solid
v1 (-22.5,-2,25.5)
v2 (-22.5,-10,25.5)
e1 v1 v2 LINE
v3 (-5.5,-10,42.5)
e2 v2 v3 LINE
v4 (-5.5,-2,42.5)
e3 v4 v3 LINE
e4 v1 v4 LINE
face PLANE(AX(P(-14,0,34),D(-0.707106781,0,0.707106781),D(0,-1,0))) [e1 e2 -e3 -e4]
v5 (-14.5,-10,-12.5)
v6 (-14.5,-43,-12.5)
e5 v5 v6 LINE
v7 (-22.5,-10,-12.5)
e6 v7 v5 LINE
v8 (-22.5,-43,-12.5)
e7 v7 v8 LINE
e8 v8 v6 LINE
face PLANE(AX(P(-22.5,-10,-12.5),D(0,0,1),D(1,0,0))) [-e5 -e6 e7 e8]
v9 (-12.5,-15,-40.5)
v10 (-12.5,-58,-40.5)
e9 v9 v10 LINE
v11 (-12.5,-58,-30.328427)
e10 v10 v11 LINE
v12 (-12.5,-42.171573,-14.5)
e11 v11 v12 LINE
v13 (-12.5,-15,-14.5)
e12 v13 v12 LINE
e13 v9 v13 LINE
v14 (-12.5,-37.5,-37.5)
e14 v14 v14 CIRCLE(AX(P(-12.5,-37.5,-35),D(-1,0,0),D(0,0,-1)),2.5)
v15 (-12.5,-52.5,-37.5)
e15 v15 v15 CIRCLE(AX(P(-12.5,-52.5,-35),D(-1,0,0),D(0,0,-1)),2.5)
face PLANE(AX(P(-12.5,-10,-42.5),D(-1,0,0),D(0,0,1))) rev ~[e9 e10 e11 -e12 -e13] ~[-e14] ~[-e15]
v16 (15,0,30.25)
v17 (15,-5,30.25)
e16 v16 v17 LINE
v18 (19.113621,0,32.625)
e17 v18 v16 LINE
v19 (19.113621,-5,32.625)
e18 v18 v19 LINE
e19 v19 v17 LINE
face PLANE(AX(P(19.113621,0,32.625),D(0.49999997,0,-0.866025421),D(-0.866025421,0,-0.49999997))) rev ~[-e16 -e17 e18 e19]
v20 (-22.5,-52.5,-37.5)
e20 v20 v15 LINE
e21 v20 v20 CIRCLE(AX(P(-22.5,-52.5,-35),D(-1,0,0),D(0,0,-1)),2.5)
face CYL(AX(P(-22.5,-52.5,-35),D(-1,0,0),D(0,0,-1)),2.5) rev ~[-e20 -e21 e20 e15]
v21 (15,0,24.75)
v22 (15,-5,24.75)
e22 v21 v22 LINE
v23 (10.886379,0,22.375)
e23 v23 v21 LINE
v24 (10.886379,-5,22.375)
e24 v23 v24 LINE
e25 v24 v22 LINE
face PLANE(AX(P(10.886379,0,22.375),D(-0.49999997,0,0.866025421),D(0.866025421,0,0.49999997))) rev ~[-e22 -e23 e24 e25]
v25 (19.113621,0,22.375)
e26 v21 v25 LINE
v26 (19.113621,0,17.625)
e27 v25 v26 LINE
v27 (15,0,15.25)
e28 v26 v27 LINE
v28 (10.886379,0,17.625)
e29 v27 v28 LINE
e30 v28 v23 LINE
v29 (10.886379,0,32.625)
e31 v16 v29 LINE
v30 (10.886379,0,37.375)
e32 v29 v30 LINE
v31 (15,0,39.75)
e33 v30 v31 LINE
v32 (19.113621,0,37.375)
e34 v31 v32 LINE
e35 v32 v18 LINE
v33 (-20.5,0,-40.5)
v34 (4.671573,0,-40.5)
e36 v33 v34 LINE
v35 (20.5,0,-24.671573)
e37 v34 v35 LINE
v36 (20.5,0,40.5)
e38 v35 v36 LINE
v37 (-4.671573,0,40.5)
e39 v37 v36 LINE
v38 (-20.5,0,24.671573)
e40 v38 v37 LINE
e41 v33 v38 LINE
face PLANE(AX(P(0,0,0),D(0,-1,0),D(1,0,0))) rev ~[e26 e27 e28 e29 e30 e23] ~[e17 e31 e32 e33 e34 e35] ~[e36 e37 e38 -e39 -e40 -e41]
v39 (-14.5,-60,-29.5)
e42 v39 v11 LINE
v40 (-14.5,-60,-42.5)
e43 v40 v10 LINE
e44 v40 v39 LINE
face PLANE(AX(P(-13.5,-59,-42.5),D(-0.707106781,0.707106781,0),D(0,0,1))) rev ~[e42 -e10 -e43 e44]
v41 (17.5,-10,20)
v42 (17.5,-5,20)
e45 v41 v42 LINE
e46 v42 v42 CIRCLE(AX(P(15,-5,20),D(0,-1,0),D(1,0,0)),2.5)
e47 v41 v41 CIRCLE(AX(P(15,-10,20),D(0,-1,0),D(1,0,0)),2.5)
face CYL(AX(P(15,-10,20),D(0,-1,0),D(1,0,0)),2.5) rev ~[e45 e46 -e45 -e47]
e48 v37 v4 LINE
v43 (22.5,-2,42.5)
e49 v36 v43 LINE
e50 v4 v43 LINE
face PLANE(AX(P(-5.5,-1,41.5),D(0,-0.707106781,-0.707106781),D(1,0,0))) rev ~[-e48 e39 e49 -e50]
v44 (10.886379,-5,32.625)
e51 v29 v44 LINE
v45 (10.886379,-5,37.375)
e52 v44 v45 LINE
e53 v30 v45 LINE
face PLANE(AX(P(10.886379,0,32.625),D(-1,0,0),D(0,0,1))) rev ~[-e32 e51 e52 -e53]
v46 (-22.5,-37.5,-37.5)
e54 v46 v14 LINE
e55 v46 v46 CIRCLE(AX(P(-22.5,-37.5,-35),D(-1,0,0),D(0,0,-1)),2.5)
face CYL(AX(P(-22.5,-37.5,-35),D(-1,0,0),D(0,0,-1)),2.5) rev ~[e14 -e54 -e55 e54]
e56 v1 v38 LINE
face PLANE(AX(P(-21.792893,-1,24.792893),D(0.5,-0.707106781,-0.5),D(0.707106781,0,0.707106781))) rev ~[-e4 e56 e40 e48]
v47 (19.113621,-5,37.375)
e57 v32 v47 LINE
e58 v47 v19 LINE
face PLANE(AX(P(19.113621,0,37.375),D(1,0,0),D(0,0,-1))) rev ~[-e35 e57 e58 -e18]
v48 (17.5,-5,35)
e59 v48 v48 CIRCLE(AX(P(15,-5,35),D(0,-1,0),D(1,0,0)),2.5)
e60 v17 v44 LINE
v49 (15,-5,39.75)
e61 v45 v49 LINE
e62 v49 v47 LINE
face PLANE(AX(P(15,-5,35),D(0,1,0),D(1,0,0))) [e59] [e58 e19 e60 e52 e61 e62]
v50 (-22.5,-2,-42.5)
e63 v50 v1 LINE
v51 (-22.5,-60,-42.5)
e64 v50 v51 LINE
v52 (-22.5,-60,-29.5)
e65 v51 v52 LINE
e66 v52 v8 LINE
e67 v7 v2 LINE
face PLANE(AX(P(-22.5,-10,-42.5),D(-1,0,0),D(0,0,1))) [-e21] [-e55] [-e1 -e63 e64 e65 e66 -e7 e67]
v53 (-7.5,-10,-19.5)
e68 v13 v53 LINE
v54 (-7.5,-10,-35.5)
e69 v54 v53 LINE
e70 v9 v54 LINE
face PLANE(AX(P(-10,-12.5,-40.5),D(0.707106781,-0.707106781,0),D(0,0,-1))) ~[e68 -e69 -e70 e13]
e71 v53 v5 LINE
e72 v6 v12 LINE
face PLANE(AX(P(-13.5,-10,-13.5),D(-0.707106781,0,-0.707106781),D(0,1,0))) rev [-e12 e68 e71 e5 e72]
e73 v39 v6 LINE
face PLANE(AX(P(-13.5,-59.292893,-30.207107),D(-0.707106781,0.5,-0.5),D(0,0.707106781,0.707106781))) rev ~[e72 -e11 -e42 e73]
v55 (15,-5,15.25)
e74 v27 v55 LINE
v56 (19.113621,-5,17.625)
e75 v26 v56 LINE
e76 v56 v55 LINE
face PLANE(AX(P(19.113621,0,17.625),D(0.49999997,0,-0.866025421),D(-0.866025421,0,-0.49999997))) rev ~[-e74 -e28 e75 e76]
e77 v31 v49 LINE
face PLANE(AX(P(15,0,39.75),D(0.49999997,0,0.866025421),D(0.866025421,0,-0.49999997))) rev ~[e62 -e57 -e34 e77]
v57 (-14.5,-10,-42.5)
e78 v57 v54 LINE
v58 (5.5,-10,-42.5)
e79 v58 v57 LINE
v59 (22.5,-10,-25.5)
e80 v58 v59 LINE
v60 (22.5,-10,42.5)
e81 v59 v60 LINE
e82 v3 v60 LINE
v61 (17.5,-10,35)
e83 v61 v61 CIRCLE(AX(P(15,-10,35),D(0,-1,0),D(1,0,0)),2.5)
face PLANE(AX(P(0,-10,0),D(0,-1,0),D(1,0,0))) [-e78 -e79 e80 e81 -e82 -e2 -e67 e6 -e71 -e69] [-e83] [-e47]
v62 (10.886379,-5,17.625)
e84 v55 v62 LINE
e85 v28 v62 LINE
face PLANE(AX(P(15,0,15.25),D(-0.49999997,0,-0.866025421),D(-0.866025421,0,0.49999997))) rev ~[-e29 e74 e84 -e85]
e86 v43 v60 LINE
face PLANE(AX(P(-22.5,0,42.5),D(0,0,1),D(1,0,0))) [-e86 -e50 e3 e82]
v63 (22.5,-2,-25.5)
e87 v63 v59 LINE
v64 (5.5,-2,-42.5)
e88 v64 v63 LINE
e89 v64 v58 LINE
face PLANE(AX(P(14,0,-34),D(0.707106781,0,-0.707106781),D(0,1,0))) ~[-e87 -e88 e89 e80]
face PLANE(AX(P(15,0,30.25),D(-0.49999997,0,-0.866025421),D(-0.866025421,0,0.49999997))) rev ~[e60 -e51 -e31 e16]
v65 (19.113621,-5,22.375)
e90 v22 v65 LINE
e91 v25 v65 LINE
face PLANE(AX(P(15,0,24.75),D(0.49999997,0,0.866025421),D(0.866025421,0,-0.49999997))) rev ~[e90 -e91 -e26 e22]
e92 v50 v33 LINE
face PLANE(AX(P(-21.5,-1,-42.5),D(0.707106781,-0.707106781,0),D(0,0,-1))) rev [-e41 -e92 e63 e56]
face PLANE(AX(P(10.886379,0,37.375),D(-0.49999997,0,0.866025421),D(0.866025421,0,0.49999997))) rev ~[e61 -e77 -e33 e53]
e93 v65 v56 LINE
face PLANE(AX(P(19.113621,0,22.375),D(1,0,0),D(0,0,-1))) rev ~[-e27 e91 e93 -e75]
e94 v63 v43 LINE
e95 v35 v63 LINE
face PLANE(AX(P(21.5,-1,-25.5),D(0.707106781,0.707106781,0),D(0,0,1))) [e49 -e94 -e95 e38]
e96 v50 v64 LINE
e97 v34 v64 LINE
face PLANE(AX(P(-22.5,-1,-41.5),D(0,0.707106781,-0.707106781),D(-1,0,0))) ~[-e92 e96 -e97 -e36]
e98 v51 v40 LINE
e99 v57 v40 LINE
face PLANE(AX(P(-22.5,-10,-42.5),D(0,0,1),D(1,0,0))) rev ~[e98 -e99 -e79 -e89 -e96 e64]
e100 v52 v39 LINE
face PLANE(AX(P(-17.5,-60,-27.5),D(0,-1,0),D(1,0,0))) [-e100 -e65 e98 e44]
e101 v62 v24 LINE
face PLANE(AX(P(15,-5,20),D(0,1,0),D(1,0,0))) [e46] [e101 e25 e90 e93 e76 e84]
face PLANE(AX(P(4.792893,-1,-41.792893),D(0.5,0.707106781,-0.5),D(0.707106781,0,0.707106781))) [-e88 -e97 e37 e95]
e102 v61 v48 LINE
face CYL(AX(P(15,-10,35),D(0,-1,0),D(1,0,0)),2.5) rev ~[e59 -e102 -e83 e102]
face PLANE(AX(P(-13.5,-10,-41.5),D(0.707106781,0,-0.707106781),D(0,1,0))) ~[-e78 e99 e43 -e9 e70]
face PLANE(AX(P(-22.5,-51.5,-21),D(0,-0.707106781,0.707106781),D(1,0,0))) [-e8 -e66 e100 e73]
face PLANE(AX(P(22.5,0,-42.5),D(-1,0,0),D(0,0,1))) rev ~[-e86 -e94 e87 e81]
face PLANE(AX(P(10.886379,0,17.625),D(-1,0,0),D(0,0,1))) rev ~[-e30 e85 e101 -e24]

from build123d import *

# Parameters (mm, degrees)
SKETCH_W        = 45
SKETCH_H        = 85
PAD_DEPTH       = 10
SKETCH001_W     = 10
SKETCH001_H     = 30
PAD001_DEPTH    = 50
SKETCH002_R     = 2.5
POCKET_DEPTH    = 10
SKETCH003_R     = 2.5
POCKET001_DEPTH = 11
POCKET002_DEPTH = 5
CHAMFER_SIZE    = 17
CHAMFER001_SIZE = 2
CHAMFER002_SIZE = 5


with BuildPart() as part:
    # Sketch → Pad (new body)
    with BuildSketch(Plane.XZ):
        Rectangle(SKETCH_W, SKETCH_H)
    extrude(amount=PAD_DEPTH)

    # Sketch001 (on Face6 of Pad) → Pad001 (join)
    with BuildSketch(Plane.XZ.offset(10)):
        with Locations((-17.5, -27.5)):
            Rectangle(SKETCH001_W, SKETCH001_H)
    extrude(amount=PAD001_DEPTH)

    # Sketch002 (on Face7 of Pad001) → Pocket (cut)
    with BuildSketch(Plane(origin=(-22.5, 0, 0), x_dir=(0, 0, -1), z_dir=(-1, 0, 0))):
        with Locations((35, 52.5)):
            Circle(SKETCH002_R)
        with Locations((35, 37.5)):
            Circle(SKETCH002_R)
    extrude(amount=-POCKET_DEPTH, mode=Mode.SUBTRACT)

    # Sketch003 (on Face5 of Pocket) → Pocket001 (cut)
    with BuildSketch(Plane.XZ.offset(10)):
        with Locations((15, 35)):
            Circle(SKETCH003_R)
        with Locations((15, 20)):
            Circle(SKETCH003_R)
    extrude(amount=-POCKET001_DEPTH, mode=Mode.SUBTRACT)

    # Sketch004 (on Face4 of Pocket001) → Pocket002 (cut)
    with BuildSketch(Plane(origin=(0, 0, 0), x_dir=(1, 0, 0), z_dir=(0, 1, 0))):
        Polygon((15, -24.75), (19.113621, -22.375), (19.113621, -17.625), (15, -15.25), (10.886379, -17.625), (10.886379, -22.375), align=None)
        Polygon((19.113621, -37.375), (19.113621, -32.625), (15, -30.25), (10.886379, -32.625), (10.886379, -37.375), (15, -39.75), align=None)
    extrude(amount=-POCKET002_DEPTH, mode=Mode.SUBTRACT)

    # Chamfer
    chamfer_edges = [part.edges().sort_by_distance(p)[0] for p in [
        (22.5, -5, -42.5),
        (-22.5, -5, 42.5),
        (-17.5, -60, -12.5),
    ]]
    chamfer(chamfer_edges, length=CHAMFER_SIZE)

    # Chamfer001
    chamfer001_edges = [part.edges().sort_by_distance(p)[0] for p in [
        (-12.5, -26.5, -12.5),
        (-12.5, -51.5, -21),
        (-12.5, -60, -36),
        (-12.5, -35, -42.5),
        (22.5, 0, 8.5),
        (14, 0, -34),
        (-22.5, 0, -8.5),
        (-14, 0, 34),
        (8.5, 0, 42.5),
        (-8.5, 0, -42.5),
    ]]
    chamfer(chamfer001_edges, length=CHAMFER001_SIZE)

    # Chamfer002
    chamfer002_edges = [part.edges().sort_by_distance(p)[0] for p in [
        (-12.5, -10, -27.5),
    ]]
    chamfer(chamfer002_edges, length=CHAMFER002_SIZE)


solid = part.part
